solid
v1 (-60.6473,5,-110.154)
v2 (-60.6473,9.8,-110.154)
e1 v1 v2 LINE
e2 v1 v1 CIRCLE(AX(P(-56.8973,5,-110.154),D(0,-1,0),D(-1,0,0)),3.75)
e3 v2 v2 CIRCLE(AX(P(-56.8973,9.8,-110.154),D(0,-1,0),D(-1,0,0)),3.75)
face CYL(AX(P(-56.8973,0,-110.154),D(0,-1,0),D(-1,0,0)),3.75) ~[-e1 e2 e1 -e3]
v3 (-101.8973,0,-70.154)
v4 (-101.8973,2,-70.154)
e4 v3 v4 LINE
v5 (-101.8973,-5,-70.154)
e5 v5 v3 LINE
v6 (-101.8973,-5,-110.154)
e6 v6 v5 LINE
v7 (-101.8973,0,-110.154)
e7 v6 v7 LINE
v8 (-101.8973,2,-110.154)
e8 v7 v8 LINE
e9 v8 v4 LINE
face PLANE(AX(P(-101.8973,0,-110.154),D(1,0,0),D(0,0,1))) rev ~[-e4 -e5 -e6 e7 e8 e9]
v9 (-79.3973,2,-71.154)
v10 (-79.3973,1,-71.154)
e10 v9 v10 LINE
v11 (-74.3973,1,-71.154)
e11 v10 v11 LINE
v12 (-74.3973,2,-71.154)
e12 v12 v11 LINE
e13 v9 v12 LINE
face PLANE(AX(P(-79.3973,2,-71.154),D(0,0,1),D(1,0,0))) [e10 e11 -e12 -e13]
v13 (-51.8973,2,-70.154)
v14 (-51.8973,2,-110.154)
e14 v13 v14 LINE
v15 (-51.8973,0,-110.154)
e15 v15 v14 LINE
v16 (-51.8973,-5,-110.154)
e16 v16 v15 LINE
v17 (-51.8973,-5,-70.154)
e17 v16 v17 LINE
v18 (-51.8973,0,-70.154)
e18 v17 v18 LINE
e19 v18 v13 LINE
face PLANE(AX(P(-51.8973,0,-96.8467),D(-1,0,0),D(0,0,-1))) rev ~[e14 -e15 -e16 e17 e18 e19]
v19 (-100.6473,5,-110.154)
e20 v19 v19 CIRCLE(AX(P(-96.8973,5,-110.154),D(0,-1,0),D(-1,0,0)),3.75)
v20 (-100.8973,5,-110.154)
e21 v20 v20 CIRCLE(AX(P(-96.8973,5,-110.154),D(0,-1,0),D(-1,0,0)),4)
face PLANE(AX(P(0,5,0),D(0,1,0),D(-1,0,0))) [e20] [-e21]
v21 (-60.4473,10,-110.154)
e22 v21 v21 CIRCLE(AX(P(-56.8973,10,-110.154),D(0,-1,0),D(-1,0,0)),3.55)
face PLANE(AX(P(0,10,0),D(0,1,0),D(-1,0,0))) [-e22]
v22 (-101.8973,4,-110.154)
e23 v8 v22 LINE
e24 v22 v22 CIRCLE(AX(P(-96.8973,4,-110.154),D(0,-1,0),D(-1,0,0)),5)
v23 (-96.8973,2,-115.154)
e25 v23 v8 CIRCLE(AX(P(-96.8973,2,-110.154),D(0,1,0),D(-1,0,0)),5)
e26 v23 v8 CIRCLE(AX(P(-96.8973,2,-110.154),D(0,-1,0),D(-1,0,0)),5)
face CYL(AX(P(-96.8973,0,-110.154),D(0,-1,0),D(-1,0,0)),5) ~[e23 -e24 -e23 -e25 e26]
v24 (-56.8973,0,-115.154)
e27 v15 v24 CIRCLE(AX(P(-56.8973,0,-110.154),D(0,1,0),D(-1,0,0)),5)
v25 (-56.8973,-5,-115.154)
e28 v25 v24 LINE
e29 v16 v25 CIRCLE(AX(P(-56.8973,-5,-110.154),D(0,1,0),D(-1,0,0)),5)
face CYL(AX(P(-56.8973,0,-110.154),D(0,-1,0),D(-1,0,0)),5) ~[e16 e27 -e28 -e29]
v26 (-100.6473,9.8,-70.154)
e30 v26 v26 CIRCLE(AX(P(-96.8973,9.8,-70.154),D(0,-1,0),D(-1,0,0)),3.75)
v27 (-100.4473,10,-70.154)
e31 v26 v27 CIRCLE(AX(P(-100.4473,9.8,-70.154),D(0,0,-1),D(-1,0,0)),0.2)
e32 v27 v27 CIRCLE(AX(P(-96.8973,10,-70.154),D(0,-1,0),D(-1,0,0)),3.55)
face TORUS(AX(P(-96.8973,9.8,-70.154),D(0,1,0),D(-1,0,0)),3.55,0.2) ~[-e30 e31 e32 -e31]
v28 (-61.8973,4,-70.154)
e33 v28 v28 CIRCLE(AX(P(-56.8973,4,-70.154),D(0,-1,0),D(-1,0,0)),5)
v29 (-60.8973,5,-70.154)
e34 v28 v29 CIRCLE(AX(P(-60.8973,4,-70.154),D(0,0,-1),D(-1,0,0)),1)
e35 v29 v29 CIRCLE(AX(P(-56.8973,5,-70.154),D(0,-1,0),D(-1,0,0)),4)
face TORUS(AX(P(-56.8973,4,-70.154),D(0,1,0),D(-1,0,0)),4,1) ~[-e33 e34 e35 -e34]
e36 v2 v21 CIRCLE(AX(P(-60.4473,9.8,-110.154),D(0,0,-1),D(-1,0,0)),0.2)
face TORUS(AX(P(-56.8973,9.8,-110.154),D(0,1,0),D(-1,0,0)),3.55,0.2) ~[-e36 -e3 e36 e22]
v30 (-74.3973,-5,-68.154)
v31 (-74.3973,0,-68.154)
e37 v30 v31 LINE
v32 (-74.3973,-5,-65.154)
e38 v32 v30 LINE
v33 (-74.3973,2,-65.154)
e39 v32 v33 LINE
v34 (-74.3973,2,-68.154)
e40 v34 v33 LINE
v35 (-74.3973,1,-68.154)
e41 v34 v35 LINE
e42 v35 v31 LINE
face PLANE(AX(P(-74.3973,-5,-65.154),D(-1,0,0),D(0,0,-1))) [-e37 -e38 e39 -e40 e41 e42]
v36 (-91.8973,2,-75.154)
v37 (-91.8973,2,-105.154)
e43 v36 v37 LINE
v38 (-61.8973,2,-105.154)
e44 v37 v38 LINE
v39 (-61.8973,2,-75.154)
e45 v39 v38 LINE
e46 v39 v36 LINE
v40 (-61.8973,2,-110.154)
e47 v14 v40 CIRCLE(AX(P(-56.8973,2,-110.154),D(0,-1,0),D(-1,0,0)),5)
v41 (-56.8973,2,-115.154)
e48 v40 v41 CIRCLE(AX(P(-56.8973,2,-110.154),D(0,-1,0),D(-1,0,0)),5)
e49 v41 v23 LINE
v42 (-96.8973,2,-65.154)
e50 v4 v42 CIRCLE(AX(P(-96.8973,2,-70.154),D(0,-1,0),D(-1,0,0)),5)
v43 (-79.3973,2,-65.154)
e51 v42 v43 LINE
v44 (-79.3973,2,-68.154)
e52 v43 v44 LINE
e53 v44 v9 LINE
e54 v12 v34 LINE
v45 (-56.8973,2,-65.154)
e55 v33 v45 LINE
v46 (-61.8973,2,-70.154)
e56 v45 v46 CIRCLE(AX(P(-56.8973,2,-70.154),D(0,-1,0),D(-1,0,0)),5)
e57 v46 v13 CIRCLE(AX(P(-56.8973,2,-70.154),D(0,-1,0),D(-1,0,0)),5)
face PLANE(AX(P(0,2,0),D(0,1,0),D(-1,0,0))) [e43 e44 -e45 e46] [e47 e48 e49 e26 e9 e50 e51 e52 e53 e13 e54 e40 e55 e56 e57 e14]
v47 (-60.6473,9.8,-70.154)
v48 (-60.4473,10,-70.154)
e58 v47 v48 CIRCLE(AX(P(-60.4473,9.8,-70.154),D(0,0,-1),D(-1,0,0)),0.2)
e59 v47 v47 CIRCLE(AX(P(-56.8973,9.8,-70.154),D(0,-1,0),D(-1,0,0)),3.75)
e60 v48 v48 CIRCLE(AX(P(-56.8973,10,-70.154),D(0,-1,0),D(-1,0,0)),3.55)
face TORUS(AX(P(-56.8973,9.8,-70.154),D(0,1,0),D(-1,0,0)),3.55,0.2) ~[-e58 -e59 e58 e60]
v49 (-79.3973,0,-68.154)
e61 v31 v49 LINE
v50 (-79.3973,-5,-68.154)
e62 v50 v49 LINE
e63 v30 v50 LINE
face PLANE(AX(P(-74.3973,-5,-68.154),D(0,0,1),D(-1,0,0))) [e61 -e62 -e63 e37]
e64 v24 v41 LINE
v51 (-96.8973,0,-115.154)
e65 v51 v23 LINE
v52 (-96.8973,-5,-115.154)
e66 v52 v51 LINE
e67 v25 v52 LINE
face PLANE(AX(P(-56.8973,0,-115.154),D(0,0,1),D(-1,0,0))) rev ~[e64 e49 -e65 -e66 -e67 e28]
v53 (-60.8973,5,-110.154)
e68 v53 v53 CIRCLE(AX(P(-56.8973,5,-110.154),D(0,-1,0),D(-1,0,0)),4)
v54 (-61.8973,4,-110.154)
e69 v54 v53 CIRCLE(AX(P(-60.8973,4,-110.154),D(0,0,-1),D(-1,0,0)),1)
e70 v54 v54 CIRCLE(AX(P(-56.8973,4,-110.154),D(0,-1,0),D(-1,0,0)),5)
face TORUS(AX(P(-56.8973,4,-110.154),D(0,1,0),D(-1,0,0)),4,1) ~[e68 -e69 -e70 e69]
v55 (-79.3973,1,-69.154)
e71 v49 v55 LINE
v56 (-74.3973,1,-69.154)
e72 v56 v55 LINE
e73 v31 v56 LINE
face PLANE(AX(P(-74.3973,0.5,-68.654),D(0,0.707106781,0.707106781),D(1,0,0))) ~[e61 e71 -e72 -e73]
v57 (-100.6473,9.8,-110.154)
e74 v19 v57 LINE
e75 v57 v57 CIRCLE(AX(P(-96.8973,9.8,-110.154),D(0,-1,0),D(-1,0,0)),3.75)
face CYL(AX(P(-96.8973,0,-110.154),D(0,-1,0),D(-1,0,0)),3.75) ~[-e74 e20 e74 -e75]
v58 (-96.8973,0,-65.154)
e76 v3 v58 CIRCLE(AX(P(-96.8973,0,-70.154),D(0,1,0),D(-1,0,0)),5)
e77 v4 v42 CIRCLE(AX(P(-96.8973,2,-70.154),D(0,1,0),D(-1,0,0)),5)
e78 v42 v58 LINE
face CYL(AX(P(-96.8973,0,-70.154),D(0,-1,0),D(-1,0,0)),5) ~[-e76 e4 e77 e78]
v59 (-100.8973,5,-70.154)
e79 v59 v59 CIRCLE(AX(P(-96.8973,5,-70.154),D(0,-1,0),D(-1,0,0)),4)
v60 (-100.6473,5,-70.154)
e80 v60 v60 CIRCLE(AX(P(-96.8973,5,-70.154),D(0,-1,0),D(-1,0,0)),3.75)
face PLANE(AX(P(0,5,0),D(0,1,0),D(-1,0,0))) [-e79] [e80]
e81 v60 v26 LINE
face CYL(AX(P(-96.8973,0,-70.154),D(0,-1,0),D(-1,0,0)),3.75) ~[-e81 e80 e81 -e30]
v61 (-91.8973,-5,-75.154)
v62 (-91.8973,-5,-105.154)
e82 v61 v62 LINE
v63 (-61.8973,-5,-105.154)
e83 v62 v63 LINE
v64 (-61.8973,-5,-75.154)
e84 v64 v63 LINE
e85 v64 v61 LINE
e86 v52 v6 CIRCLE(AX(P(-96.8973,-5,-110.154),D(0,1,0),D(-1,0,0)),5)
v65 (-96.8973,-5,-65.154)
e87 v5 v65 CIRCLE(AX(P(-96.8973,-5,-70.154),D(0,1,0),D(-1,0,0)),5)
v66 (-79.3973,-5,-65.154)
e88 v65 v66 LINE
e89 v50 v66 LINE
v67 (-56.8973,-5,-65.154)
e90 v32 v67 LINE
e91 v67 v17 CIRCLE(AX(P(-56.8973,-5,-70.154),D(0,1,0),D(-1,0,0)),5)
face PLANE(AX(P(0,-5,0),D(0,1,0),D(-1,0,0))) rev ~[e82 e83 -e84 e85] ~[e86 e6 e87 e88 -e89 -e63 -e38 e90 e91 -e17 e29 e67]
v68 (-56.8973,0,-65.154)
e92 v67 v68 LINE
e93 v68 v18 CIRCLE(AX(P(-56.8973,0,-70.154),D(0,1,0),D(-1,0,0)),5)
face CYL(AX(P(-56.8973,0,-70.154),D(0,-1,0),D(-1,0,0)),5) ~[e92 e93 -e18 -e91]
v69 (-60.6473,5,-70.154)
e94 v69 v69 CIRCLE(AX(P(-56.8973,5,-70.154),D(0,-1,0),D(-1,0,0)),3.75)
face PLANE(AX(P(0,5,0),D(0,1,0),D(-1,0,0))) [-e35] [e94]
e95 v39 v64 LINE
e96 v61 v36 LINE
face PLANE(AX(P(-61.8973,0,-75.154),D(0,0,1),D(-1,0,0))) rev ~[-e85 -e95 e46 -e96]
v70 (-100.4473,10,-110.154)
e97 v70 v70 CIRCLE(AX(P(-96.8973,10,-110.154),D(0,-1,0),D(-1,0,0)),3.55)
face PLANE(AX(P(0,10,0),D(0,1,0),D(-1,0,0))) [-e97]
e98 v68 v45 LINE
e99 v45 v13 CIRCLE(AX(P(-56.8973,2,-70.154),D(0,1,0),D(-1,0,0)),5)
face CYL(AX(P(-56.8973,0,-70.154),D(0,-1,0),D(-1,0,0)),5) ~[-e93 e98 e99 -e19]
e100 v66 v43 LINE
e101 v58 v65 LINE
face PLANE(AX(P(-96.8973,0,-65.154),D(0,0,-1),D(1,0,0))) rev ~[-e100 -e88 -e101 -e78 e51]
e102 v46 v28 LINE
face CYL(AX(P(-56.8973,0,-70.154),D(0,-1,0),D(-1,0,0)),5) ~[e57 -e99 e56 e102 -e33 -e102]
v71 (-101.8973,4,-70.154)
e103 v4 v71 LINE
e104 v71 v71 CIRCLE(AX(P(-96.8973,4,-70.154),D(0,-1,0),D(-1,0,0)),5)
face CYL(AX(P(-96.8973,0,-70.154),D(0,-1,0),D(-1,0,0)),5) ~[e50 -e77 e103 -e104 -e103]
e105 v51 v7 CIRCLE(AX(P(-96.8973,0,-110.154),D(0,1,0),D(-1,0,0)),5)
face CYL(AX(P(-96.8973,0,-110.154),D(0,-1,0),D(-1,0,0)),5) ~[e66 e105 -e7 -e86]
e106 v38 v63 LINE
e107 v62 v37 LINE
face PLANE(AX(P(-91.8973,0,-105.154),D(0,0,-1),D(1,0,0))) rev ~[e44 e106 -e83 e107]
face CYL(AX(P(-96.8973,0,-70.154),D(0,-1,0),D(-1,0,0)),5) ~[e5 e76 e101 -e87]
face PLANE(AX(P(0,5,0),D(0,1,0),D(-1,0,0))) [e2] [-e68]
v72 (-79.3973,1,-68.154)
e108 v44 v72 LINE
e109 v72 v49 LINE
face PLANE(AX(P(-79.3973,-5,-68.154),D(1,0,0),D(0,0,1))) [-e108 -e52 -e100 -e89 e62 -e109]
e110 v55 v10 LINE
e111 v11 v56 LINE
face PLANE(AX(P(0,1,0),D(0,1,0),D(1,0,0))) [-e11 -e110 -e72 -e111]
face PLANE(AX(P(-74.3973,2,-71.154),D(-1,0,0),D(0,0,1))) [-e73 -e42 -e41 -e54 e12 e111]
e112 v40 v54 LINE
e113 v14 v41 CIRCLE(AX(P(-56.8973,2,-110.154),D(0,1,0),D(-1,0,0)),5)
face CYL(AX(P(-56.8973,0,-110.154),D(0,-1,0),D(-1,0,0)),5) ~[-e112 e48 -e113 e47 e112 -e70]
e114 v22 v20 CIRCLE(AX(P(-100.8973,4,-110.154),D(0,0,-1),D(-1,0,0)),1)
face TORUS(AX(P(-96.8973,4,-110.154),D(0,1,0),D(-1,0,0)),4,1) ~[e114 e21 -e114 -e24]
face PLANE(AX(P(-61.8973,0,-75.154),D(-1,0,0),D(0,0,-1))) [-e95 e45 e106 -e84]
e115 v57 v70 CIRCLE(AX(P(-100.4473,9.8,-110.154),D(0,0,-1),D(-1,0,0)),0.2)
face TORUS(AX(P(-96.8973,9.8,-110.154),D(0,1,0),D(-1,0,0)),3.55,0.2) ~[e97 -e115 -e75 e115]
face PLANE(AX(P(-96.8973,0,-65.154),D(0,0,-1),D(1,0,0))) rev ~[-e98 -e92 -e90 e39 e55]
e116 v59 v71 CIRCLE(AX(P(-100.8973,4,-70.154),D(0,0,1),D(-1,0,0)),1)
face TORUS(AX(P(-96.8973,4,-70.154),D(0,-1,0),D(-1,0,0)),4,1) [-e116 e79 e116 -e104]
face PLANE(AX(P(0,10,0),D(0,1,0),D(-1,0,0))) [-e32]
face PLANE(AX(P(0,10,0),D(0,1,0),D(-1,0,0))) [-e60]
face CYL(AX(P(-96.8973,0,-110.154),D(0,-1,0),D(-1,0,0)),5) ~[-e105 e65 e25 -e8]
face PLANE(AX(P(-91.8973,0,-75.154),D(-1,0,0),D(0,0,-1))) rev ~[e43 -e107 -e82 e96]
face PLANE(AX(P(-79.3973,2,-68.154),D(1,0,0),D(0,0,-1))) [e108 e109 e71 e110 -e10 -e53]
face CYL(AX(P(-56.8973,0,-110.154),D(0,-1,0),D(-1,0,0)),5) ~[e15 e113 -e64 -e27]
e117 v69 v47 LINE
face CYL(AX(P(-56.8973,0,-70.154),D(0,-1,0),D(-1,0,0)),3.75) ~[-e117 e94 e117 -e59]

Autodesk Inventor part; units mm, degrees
ref_plane "YZ Plane" through (0, 0, 0) normal (1, 0, 0) x (0, 1, 0)
ref_plane "XZ Plane" through (0, 0, 0) normal (0, 1, 0) x (-1, 0, 0)
ref_plane "XY Plane" through (0, 0, 0) normal (0, 0, 1) x (1, 0, 0)
sketch "Skizze1" plane through (0, 0, 0) normal (0, 1, 0) x (-1, 0, 0)
  line L0 (22.2037, -3.3333) -> (4.7037, -3.3333)
  line L1 (4.7037, -3.3333) -> (4.7037, -43.3333)
  line L2 (4.7037, -43.3333) -> (22.2037, -43.3333)
  line L3 (22.2037, -43.3333) -> (22.2037, -3.3333)
  circle A0 centre (14.7037, -10.0279) radius 3.75
  circle A1 centre (13.4537, -34.7142) radius 3.75
  line L4 (96.8973, -70.154) -> (56.8973, -70.154)
  line L5 (56.8973, -70.154) -> (56.8973, -110.154)
  line L6 (56.8973, -110.154) -> (96.8973, -110.154)
  line L7 (96.8973, -110.154) -> (96.8973, -70.154)
  circle A2 centre (96.8973, -110.154) radius 5
  circle A3 centre (56.8973, -110.154) radius 5
  circle A4 centre (56.8973, -70.154) radius 5
  circle A5 centre (96.8973, -70.154) radius 5
  circle A6 centre (96.8973, -70.154) radius 3.75
  circle A7 centre (96.8973, -110.154) radius 3.75
  circle A8 centre (56.8973, -70.154) radius 3.75
  circle A9 centre (56.8973, -110.154) radius 3.75
  line L8 (96.8973, -65.154) -> (56.8973, -65.154)
  line L9 (56.8973, -65.154) -> (56.8973, -75.154)
  line L10 (56.8973, -75.154) -> (96.8973, -75.154)
  line L11 (96.8973, -75.154) -> (96.8973, -65.154)
  line L12 (56.8973, -115.154) -> (96.8973, -115.154)
  line L13 (101.8973, -110.154) -> (101.8973, -70.154)
  line L14 (91.8973, -70.154) -> (91.8973, -110.154)
  line L15 (96.8973, -105.154) -> (56.8973, -105.154)
  line L16 (51.8973, -70.154) -> (51.8973, -110.154)
  line L17 (61.8973, -70.154) -> (61.8973, -110.154)
  line L18 (51.8973, -96.8467) -> (53.9203, -96.8467)
  line L19 (53.9203, -96.8467) -> (53.9203, -88.3797)
  line L20 (53.9203, -88.3797) -> (51.8973, -88.3797)
  line L21 (51.8973, -88.3797) -> (51.8973, -96.8467)
  point P0 (0, 0)
  dimension "d0" = 40
  dimension "d1" = 7.5
  dimension "d2" = 7.5
  dimension "d4" = 8.75
  dimension "d5" = 7.5
  dimension "d6" = 8.75
  dimension "d7" = 40
  dimension "d8" = 40
  dimension "d9" = 10
  dimension "d10" = 10
  dimension "d11" = 10
  dimension "d12" = 10
  dimension "d13" = 7.5
  dimension "d14" = 7.5
  dimension "d15" = 7.5
  dimension "d16" = 7.5
  dimension "d17" = 5
  dimension "d18" = 5
  dimension "d33" = 40
extrude "Extrusion1" add sketch "Skizze1" along normal blind 10 contours A6 L11 L4 | L4 L7 A6 | A8 L5 L4 | L4 L9 A8 | L11 A6 L7 | L5 A8 L9 | A7 L6 L7 | L7 L6 A7 | A9 L6 L5 | L5 L6 A9
extrude "Extrusion2" add sketch "Skizze1" along normal blind 5 contours A5 L11 A6 L4 | L4 A6 L7 A5 | A4 L5 A8 L4 | L4 A8 L9 A4 | A5 L7 A6 L11 | L9 A8 L5 A4 | A2 L6 A7 L7 | L7 A7 L6 A2 | A3 L6 A9 L5 | L5 A9 L6 A3
extrude "Extrusion4" add sketch "Skizze1" along normal blind 2 and the other way blind 5 contours L14 L10 L17 L4 | A5 L11 A6 L4 | L4 A4 L8 A5 | L4 A6 L7 A5 | A5 L10 L14 | A4 L5 A8 L4 | L4 A8 L9 A4 | L17 L10 A4 | A6 L11 L4 | L4 L7 A6 | A5 L7 A6 L11 | A5 L13 A2 L7 | L7 L15 L14 L10 | A8 L5 L4 | L4 L9 A8 | L9 A8 L5 A4 | L10 L17 L15 L5 | L5 A3 L16 L18 L19 L20 A4 | L11 A6 L7 | A2 L6 A7 L7 | L7 A7 L6 A2 | A2 L14 L15 | L14 L6 L17 L15 | L5 A8 L9 | A3 L6 A9 L5 | L15 L17 A3 | L5 A9 L6 A3 | A7 L6 L7 | L7 L6 A7 | A2 L12 A3 L6 | L20 L19 L18 L16 | A9 L6 L5 | L5 L6 A9
fillet "Rundung2" radius 1 4 edges at (-51.8973, 5, -110.154) (-91.8973, 5, -110.154) (-91.8973, 5, -70.154) (-51.8973, 5, -70.154)
fillet "Rundung3" radius 0.2 4 edges at (-93.1473, 10, -70.154) (-93.1473, 10, -110.154) (-53.1473, 10, -70.154) (-53.1473, 10, -110.154)
sketch "Skizze2" plane through (0, -5, 0) normal (0, -1, 0) x (1, 0, 0)
  line L0 (-56.8973, -65.154) -> (-96.8973, -65.154) projected
  line L1 (-79.3973, -65.154) -> (-74.3973, -65.154)
  line L2 (-74.3973, -65.154) -> (-74.3973, -68.154)
  line L3 (-74.3973, -68.154) -> (-79.3973, -68.154)
  line L4 (-79.3973, -68.154) -> (-79.3973, -65.154)
  point P0 (0, 0)
  dimension "d42" = 17.5
  dimension "d43" = 5
  dimension "d44" = 3
sketch "Skizze3" plane through (0, 2, 0) normal (0, 1, 0) x (1, 0, 0)
  line L0 (-74.3973, 68.154) -> (-79.3973, 68.154) projected
  line L1 (-74.3973, 68.154) -> (-79.3973, 68.154)
  line L2 (-79.3973, 68.154) -> (-79.3973, 71.154)
  line L3 (-79.3973, 71.154) -> (-74.3973, 71.154)
  line L4 (-74.3973, 71.154) -> (-74.3973, 68.154)
  point P0 (0, 0)
  dimension "d47" = 3
extrude "Extrusion8" cut sketch "Skizze3" against normal blind 1
extrude "Extrusion9" cut sketch "Skizze2" against normal blind 10
chamfer "Fase3" distance 1 angle 45 1 edges at (-76.8973, 1, -68.154)
properties material "ABS-Kunststoff"
